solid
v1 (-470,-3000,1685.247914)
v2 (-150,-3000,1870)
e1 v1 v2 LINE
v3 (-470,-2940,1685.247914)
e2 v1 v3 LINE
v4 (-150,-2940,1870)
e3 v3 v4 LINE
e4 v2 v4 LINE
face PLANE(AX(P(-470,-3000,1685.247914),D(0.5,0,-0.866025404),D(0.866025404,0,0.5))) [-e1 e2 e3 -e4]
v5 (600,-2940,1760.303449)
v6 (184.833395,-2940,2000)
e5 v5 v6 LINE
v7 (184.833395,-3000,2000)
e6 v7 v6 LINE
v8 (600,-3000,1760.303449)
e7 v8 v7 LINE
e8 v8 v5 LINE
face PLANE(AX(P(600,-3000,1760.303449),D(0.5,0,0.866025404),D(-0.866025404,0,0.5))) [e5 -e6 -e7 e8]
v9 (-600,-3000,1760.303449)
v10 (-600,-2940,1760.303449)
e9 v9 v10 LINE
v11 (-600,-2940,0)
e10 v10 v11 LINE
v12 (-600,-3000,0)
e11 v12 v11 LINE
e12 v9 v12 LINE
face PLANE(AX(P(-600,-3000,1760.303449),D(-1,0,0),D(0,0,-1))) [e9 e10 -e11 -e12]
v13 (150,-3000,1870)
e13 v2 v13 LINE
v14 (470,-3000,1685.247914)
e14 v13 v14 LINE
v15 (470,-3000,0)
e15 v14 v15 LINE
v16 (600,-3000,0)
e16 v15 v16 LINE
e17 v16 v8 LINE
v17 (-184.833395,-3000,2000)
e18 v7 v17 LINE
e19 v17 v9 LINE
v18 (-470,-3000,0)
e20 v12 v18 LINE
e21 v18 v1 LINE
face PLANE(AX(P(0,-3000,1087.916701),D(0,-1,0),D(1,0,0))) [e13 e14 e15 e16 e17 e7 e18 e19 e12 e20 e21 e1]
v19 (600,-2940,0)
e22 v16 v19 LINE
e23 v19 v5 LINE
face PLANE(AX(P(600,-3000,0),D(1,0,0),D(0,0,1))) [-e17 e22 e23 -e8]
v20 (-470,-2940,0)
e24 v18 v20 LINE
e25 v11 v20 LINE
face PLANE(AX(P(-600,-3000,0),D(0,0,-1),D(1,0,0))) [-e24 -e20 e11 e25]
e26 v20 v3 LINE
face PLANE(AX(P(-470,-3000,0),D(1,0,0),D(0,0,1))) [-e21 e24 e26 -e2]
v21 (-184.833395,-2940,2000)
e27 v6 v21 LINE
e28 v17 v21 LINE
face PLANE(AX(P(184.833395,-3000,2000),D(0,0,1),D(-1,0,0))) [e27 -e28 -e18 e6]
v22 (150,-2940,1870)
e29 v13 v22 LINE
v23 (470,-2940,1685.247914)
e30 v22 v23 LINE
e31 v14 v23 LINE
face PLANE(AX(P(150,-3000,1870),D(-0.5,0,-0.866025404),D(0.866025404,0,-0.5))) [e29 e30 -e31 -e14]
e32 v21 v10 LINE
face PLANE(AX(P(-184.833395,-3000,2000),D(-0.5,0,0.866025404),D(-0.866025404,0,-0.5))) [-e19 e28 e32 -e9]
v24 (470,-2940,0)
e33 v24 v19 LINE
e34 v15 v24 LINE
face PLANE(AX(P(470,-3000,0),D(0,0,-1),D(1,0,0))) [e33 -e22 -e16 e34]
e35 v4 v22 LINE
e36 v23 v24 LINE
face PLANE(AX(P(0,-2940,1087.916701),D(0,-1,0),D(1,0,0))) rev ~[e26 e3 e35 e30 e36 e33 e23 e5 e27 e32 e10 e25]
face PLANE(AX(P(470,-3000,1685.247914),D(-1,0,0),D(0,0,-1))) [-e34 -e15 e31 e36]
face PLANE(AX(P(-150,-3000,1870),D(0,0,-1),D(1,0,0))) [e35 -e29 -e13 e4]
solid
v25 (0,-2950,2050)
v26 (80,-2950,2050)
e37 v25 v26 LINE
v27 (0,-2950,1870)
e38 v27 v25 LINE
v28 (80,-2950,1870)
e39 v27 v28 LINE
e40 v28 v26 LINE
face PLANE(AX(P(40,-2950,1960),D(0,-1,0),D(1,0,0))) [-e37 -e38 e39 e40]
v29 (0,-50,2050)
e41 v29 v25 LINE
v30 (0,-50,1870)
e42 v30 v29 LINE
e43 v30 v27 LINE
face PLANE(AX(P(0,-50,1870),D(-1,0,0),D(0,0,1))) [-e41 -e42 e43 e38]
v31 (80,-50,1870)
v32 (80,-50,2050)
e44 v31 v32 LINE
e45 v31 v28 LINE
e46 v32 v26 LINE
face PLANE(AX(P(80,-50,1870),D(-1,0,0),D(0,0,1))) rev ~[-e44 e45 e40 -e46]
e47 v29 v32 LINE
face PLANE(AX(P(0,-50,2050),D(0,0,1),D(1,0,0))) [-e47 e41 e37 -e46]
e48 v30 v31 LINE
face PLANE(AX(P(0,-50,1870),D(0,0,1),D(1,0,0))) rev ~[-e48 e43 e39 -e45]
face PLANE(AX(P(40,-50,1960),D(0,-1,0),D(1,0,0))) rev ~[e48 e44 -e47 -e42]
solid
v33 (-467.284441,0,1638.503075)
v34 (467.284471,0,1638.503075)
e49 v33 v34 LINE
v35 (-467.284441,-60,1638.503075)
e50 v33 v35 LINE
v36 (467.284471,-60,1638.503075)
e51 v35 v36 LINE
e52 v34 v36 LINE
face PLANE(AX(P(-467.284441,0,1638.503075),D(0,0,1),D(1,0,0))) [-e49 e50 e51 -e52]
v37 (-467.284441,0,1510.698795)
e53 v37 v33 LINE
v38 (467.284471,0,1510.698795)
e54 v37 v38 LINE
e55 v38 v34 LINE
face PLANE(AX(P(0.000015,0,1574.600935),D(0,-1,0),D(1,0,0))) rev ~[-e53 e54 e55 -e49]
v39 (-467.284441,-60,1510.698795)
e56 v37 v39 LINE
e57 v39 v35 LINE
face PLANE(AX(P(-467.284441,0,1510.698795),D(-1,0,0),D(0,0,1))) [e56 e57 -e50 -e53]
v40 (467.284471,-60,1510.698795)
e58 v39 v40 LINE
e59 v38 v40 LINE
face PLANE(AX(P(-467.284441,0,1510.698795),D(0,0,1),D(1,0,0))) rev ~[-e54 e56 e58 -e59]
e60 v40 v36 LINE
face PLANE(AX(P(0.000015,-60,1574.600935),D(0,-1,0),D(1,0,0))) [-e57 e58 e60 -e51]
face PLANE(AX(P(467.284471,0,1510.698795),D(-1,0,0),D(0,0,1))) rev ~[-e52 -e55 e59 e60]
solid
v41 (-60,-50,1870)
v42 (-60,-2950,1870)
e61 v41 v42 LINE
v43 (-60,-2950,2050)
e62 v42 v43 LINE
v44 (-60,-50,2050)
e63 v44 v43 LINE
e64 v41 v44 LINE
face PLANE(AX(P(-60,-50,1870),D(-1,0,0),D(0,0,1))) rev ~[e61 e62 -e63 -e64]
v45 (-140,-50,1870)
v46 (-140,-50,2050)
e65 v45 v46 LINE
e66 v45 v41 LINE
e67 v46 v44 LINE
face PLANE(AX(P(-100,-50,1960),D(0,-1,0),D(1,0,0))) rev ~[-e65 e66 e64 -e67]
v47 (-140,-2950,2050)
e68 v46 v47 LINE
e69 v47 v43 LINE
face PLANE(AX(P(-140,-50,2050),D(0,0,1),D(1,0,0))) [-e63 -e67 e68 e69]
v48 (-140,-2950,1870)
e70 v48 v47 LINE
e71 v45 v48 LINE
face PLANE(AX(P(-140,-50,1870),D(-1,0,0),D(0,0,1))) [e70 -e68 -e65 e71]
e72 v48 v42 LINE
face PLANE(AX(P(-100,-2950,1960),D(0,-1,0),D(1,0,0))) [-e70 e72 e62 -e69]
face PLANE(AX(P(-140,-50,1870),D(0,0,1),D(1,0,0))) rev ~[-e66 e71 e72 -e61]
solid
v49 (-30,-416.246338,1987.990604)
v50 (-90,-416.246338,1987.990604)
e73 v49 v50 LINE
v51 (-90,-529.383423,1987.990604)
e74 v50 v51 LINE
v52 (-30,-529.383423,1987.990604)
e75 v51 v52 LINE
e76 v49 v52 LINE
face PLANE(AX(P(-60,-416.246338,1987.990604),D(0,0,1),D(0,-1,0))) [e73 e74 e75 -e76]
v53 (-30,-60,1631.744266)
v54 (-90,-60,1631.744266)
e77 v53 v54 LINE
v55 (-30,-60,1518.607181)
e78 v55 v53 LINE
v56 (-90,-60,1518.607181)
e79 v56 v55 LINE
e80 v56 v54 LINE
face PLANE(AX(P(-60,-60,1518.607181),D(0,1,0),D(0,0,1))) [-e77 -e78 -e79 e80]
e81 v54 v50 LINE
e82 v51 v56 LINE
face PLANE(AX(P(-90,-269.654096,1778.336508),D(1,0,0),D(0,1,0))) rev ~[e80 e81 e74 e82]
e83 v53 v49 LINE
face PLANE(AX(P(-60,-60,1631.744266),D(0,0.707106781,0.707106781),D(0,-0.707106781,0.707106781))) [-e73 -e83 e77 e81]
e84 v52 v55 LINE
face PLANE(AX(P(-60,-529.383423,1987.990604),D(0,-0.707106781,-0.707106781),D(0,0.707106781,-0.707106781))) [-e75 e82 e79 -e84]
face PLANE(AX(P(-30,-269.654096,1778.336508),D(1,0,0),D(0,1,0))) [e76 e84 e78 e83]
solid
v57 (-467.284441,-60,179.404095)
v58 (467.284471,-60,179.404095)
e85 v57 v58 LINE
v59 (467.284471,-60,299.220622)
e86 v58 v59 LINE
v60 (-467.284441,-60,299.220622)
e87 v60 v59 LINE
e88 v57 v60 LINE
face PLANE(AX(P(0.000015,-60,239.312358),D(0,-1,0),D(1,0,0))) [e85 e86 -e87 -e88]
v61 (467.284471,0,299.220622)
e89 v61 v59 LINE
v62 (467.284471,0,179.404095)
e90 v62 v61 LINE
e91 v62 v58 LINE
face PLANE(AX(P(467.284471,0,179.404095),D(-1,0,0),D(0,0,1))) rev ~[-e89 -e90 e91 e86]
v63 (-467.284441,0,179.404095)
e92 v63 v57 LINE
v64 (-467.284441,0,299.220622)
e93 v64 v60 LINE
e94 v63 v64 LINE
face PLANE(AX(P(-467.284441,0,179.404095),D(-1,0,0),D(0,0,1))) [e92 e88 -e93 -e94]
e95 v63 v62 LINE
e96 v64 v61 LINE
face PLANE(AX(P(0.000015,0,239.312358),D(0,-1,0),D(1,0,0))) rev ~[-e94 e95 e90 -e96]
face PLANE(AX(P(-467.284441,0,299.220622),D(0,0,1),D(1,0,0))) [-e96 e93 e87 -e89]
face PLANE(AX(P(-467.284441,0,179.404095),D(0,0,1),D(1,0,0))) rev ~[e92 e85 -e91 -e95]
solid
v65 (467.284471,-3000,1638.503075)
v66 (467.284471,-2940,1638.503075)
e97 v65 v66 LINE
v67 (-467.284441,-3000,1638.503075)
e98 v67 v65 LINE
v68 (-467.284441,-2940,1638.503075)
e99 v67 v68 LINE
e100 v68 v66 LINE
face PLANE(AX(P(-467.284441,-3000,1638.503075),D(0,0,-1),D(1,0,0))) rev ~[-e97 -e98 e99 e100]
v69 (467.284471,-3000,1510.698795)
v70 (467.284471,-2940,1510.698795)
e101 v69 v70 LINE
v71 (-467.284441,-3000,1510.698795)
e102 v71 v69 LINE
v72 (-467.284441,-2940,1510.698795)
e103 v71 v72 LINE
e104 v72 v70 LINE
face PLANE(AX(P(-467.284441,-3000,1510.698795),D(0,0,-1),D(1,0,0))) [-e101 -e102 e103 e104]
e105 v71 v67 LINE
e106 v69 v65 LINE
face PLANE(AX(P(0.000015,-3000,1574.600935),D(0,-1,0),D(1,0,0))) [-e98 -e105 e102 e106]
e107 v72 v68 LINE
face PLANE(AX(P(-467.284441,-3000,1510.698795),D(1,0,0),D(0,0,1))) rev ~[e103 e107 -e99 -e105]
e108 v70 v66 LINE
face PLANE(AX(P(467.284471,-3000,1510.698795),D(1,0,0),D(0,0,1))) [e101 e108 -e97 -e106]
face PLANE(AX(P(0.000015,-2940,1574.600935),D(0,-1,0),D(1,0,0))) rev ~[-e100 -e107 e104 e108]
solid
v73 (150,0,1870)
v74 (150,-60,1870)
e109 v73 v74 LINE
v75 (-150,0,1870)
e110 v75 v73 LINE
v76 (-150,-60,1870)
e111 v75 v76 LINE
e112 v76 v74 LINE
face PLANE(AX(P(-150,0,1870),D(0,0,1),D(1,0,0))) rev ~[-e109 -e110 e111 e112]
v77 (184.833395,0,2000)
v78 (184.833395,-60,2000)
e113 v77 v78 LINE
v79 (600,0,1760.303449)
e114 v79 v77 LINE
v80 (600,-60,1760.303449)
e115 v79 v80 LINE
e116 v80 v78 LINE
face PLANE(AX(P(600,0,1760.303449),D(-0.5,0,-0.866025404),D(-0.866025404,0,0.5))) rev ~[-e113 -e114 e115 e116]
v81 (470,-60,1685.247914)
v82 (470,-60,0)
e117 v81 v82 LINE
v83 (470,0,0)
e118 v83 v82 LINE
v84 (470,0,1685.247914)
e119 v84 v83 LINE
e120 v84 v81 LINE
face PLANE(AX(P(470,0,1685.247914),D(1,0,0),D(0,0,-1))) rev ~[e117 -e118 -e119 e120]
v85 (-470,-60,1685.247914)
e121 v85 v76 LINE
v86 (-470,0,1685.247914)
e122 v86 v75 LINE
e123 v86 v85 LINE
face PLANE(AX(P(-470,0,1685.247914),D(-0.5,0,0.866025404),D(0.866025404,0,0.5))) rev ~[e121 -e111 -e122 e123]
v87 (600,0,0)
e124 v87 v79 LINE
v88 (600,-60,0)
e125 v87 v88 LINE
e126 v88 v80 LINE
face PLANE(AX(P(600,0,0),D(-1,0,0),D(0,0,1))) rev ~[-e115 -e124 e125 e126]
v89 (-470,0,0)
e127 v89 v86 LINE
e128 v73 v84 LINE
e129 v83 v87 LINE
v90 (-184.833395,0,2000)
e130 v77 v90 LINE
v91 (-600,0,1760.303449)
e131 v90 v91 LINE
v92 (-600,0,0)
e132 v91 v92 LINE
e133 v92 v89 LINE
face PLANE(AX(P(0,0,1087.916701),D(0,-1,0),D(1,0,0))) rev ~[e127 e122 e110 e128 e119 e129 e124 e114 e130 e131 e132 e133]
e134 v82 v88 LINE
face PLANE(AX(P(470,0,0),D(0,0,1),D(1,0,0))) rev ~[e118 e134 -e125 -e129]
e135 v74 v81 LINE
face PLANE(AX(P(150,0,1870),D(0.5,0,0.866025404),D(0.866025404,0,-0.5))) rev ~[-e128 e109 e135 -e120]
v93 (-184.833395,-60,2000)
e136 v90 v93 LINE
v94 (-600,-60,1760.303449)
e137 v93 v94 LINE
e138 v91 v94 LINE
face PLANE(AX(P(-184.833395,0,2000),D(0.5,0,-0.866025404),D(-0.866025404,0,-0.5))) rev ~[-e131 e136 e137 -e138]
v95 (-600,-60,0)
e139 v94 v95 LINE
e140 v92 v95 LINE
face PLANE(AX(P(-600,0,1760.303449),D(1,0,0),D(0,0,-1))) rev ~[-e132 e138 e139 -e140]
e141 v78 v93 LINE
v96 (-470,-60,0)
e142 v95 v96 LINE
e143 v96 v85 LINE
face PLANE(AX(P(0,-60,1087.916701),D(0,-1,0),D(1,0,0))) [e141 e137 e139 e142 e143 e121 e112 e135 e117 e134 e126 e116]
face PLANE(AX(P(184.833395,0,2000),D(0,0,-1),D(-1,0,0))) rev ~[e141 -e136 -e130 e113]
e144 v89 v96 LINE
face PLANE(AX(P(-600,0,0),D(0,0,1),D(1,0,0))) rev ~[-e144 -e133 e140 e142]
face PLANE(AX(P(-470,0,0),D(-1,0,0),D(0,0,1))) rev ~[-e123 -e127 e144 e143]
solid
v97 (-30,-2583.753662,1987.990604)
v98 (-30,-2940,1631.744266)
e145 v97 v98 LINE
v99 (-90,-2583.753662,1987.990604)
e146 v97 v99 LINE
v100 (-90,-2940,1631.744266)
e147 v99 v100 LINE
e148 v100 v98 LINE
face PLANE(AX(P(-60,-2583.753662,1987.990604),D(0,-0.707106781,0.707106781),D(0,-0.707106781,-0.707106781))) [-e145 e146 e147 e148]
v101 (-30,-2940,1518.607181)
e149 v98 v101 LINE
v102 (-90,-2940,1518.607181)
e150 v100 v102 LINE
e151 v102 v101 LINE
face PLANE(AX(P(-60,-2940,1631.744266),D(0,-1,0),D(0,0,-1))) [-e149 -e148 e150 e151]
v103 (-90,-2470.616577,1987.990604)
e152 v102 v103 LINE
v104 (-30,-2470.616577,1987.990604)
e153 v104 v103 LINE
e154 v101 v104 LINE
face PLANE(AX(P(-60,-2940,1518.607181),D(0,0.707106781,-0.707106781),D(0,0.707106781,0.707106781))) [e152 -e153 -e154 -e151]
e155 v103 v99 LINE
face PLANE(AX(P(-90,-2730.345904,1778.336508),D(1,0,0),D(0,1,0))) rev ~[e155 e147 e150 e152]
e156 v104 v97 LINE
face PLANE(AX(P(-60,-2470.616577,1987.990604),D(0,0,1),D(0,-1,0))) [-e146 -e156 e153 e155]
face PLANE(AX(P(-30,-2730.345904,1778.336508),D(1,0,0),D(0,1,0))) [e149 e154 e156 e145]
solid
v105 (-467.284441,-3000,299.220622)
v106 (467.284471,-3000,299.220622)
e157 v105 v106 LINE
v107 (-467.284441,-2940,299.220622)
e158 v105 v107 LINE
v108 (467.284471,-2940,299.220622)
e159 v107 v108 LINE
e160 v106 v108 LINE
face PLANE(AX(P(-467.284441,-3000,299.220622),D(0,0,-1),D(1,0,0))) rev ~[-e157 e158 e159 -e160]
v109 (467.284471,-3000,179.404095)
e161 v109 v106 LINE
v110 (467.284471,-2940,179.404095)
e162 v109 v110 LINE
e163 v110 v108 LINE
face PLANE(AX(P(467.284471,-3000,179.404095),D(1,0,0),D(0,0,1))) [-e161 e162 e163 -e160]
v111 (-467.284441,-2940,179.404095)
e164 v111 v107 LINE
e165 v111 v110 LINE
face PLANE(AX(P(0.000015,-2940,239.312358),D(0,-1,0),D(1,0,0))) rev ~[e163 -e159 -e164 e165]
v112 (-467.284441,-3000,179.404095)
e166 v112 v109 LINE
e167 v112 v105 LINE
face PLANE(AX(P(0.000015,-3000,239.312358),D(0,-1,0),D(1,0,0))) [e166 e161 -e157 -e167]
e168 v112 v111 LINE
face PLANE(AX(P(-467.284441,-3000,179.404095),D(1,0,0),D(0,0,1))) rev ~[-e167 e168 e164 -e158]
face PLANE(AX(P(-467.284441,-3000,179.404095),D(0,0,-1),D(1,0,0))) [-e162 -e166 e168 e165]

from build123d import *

# Parameters (mm, degrees)
F1_DEPTH  = 60
F4_DEPTH  = 60
F6_START  = 50
F5_W      = 80
F5_H      = 180
F6_DEPTH  = 2900
F7_W      = 934.5689117908
F7_H      = 127.8042793274
F8_DEPTH  = 60
F7_H_2    = 119.8165267706
F9_W      = 934.5689117908
F9_H      = 127.8042793274
F10_DEPTH = 60
F9_H_2    = 119.8165267706
F12_DEPTH = 30


with BuildPart() as f1:
    # F0 (on Front) → F1 (new body)
    with BuildSketch(Plane.XZ):
        Polygon((0, 2000), (-184.833395016, 2000), (-600, 1760.303448854), (-600, 0), (-470, 0), (-470, 1685.2479138593), (-150, 1870), (0, 1870), (150, 1870), (470, 1685.2479138593), (470, 0), (600, 0), (600, 1760.303448854), (184.833395016, 2000), align=None)
    extrude(amount=F1_DEPTH)


with BuildPart() as f4:
    # F3 (on offset) → F4 (new body)
    with BuildSketch(Plane.XZ.offset(3000)):
        Polygon((-470, 1685.2479138593), (-150, 1870), (150, 1870), (470, 1685.2479138593), (470, 0), (600, 0), (600, 1760.303448854), (184.833395016, 2000), (-184.833395016, 2000), (-600, 1760.303448854), (-600, 0), (-470, 0), align=None)
    extrude(amount=-F4_DEPTH)


with BuildPart() as f6:
    # F5 (on Front) → F6 (new body)
    with BuildSketch(Plane.XZ.offset(F6_START)):
        with Locations((-100, 1960)):
            Rectangle(F5_W, F5_H)
    extrude(amount=F6_DEPTH)


with BuildPart() as f6b:
    # F5 (on Front) → F6, piece 2 (new body)
    with BuildSketch(Plane.XZ.offset(F6_START)):
        with Locations((40, 1960)):
            Rectangle(F5_W, F5_H)
    extrude(amount=F6_DEPTH)


with BuildPart() as f8:
    # F7 (on offset) → F8 (new body)
    with BuildSketch(Plane.XZ.offset(3000)):
        with Locations((1.49012e-05, 1574.6009349823)):
            Rectangle(F7_W, F7_H)
    extrude(amount=-F8_DEPTH)


with BuildPart() as f8b:
    # F7 (on offset) → F8, piece 2 (new body)
    with BuildSketch(Plane.XZ.offset(3000)):
        with Locations((1.49012e-05, 239.3123582006)):
            Rectangle(F7_W, F7_H_2)
    extrude(amount=-F8_DEPTH)


with BuildPart() as f10:
    # F9 (on Front) → F10 (new body)
    with BuildSketch(Plane.XZ):
        with Locations((1.49012e-05, 1574.6009349823)):
            Rectangle(F9_W, F9_H)
    extrude(amount=F10_DEPTH)


with BuildPart() as f10b:
    # F9 (on Front) → F10, piece 2 (new body)
    with BuildSketch(Plane.XZ):
        with Locations((1.49012e-05, 239.3123582006)):
            Rectangle(F9_W, F9_H_2)
    extrude(amount=F10_DEPTH)


with BuildPart() as f12:
    # F11 (on face) → F12 (new body, symmetric)
    with BuildSketch(Plane.YZ.offset(-60)):
        Polygon((-2583.7536616078, 1987.9906039485), (-2940, 1631.7442655563), (-2940, 1518.6071805665), (-2470.616576618, 1987.9906039485), align=None)
    extrude(amount=F12_DEPTH, both=True)


with BuildPart() as f12b:
    # F11 (on face) → F12, piece 2 (new body, symmetric)
    with BuildSketch(Plane.YZ.offset(-60)):
        Polygon((-416.2463383922, 1987.9906039485), (-529.383423382, 1987.9906039485), (-60, 1518.6071805665), (-60, 1631.7442655563), align=None)
    extrude(amount=F12_DEPTH, both=True)


solid = Compound([f1.part, f4.part, f6.part, f6b.part, f8.part, f8b.part, f10.part, f10b.part, f12.part, f12b.part])
